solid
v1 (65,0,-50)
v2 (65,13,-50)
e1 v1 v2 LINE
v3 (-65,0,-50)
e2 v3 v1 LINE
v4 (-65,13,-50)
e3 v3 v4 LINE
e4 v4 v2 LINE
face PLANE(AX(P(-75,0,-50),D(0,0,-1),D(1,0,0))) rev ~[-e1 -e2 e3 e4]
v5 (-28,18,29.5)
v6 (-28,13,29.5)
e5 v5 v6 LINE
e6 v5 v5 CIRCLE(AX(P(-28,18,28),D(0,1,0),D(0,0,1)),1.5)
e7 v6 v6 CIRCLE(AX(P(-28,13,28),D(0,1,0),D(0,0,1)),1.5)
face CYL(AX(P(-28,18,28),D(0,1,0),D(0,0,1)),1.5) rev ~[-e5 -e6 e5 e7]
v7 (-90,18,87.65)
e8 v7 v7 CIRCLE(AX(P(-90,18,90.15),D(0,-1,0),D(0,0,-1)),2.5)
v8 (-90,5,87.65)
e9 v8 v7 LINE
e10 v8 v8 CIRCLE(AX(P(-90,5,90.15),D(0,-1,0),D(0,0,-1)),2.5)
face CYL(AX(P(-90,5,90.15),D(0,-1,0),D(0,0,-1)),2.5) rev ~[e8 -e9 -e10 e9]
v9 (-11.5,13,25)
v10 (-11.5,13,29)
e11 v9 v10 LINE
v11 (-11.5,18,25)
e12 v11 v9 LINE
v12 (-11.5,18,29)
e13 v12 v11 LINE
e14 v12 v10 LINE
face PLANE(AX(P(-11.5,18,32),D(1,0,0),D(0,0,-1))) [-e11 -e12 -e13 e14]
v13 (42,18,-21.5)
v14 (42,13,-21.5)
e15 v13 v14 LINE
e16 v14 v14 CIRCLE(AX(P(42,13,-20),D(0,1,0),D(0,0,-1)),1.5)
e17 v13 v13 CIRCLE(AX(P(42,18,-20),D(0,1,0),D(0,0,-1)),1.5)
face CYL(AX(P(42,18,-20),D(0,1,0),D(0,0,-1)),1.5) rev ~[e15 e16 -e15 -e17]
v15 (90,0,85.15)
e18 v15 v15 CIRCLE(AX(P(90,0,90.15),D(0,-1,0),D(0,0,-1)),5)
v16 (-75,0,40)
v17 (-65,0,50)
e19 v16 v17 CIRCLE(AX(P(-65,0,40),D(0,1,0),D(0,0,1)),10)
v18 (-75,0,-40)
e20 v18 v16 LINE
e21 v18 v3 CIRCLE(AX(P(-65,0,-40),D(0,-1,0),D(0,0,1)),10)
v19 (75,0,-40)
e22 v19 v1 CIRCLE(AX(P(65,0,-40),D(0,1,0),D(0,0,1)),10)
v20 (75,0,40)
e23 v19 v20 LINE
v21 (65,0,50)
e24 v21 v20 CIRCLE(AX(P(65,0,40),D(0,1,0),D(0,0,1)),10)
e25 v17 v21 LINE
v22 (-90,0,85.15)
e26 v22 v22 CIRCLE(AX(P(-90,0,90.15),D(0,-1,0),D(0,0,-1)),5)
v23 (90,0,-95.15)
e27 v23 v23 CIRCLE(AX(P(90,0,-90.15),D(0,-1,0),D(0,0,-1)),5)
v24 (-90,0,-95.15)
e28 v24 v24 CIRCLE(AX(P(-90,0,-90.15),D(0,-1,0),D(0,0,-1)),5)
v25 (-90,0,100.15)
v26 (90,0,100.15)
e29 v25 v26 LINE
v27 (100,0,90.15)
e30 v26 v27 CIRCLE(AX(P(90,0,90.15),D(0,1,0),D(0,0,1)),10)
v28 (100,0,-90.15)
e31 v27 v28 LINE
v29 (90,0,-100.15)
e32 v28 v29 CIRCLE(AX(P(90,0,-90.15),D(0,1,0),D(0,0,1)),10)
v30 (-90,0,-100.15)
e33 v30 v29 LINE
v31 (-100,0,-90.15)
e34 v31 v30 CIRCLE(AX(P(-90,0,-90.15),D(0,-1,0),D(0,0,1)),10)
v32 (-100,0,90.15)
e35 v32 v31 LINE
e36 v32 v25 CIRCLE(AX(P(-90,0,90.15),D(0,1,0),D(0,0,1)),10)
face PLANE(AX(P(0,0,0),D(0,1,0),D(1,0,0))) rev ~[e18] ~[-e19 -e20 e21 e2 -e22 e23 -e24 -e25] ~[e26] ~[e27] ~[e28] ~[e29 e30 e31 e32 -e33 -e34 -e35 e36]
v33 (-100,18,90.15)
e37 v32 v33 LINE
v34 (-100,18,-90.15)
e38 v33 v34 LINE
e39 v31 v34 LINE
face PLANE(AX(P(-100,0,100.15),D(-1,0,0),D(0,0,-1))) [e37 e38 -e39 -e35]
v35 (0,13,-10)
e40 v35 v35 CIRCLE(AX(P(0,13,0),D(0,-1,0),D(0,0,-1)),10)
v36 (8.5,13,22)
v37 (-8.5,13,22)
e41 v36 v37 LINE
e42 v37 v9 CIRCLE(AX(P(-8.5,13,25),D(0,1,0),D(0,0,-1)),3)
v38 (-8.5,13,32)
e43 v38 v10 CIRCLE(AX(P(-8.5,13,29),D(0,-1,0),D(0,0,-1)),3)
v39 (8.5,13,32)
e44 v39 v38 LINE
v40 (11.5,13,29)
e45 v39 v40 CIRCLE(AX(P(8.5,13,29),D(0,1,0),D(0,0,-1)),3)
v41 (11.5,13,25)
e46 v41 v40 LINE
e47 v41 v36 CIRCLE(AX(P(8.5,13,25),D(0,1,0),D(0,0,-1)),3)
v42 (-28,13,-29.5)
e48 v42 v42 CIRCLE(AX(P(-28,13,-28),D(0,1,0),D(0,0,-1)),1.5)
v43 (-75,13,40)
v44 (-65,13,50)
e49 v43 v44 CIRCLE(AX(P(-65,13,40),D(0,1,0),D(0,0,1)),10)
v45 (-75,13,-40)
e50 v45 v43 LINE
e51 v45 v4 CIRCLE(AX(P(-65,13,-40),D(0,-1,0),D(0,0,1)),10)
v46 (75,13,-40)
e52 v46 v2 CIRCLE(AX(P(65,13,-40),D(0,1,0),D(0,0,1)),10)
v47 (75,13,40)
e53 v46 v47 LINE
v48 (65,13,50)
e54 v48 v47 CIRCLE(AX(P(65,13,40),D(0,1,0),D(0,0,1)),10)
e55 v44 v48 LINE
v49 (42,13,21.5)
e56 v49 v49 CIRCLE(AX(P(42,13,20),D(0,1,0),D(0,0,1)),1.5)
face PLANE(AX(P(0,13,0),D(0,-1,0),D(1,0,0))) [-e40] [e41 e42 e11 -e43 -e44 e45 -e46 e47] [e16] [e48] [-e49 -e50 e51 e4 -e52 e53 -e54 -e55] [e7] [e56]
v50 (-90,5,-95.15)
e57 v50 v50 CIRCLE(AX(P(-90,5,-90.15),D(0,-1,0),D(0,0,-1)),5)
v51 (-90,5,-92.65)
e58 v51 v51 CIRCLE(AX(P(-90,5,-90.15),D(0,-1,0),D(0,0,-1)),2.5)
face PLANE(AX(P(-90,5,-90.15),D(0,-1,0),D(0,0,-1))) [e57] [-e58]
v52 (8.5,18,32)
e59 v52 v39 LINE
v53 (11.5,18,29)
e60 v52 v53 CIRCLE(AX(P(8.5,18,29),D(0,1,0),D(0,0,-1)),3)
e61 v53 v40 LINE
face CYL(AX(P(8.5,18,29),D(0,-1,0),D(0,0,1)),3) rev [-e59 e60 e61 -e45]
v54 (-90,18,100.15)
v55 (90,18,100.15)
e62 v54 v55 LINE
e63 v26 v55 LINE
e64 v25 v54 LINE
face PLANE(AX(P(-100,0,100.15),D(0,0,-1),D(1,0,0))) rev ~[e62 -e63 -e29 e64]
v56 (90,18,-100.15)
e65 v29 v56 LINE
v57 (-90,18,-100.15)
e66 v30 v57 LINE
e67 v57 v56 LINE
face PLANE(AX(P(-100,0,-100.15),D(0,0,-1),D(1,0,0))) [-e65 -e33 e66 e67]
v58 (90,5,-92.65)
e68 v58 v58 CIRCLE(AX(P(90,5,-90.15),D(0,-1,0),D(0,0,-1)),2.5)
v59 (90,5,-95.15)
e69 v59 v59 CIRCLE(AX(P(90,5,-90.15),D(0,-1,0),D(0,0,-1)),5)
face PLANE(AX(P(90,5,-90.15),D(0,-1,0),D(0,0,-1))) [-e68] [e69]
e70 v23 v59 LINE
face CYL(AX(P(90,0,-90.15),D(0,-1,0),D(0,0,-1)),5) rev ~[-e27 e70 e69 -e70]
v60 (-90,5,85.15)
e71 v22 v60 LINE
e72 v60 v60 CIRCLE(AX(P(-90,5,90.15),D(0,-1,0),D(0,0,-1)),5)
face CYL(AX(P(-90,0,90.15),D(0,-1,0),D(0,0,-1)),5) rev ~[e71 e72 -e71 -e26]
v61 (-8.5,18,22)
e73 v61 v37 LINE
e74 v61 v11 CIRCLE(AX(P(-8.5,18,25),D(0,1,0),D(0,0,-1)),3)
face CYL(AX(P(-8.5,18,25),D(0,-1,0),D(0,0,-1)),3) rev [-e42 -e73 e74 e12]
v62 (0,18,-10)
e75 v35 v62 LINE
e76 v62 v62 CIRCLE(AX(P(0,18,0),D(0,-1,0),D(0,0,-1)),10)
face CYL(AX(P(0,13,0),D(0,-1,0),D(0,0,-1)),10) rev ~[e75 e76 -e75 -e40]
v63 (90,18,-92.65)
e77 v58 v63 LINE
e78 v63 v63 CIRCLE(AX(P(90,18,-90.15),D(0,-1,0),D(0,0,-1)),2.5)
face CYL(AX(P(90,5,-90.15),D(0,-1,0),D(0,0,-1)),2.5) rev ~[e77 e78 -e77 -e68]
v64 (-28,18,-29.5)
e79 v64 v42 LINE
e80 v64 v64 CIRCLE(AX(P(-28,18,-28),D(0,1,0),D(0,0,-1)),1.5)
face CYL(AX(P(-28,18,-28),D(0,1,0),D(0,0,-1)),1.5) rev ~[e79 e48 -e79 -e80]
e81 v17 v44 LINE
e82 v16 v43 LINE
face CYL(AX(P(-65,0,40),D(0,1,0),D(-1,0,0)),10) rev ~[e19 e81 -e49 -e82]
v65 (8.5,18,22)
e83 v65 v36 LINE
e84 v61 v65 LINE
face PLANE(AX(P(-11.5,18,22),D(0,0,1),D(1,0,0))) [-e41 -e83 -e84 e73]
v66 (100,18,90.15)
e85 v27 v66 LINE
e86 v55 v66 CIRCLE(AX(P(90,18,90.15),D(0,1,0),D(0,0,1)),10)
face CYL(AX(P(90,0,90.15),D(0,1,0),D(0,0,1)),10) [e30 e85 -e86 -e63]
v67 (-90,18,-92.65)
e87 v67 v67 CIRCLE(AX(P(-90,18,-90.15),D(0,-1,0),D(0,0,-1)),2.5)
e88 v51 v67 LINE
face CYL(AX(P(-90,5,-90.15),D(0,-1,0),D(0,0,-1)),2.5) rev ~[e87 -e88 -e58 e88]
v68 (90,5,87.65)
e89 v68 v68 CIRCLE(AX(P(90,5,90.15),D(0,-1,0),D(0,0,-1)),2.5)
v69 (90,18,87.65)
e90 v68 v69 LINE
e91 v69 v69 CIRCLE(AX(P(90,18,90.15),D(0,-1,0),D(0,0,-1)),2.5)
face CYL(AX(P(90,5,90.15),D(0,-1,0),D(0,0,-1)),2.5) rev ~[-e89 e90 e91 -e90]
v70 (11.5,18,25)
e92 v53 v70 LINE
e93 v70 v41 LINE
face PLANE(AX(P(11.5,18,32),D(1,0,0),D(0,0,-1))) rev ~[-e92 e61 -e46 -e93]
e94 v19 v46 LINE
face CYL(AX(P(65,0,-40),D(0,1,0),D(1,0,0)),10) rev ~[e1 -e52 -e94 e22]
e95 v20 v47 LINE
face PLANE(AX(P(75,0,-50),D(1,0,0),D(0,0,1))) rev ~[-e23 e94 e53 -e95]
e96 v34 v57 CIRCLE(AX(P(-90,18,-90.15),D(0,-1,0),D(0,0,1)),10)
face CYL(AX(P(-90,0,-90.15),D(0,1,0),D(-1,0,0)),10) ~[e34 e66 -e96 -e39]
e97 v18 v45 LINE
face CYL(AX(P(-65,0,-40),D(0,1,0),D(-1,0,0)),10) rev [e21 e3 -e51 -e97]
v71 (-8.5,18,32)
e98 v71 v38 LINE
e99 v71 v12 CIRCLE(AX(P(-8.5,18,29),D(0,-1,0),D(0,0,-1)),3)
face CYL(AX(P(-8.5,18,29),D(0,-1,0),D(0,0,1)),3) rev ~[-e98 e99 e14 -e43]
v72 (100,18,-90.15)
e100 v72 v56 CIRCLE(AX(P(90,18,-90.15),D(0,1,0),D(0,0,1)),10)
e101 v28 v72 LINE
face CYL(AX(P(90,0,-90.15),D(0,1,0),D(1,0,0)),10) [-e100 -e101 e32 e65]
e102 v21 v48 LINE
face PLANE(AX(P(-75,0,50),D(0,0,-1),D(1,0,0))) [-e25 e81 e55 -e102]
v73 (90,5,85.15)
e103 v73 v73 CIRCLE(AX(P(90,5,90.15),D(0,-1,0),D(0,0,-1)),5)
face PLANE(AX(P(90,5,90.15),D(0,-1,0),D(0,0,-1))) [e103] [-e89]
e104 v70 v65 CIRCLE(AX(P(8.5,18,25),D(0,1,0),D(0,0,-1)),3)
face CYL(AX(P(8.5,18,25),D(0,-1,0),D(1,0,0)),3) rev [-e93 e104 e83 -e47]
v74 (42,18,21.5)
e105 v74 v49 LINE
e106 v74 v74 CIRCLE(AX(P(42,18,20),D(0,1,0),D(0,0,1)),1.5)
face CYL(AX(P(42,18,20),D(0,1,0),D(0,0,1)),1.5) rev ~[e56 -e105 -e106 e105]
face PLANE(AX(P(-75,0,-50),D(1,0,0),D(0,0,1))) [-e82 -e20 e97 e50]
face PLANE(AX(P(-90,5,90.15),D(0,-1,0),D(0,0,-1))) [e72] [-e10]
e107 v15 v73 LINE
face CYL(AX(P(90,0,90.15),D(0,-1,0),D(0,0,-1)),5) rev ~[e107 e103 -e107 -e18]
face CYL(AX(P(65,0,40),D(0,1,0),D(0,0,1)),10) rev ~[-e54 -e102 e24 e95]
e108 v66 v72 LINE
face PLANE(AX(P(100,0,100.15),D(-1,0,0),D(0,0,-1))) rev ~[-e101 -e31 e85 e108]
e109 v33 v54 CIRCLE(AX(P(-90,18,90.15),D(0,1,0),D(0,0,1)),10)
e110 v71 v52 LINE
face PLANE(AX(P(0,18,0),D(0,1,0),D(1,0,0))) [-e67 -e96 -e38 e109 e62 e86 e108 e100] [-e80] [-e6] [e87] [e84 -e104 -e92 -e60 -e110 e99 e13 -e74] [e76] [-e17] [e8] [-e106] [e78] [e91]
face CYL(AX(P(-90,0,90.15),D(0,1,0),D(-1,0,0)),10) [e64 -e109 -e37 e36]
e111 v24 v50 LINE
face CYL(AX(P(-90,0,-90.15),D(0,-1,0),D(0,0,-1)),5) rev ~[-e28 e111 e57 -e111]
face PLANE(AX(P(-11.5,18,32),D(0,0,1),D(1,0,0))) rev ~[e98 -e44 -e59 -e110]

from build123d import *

# Parameters (mm, degrees)
SKETCH1_W           = 200
SKETCH1_H           = 200.3
BOSS_EXTRUDE1_DEPTH = 18
FILLET1_R           = 10
SKETCH2_W           = 150
SKETCH2_H           = 100
CUT_EXTRUDE1_DEPTH  = 13
FILLET2_R           = 10
SKETCH3_R           = 5
CUT_EXTRUDE2_DEPTH  = 5
SKETCH4_R           = 2.5
CUT_EXTRUDE3_DEPTH  = 143.123265161
SKETCH5_R           = 10
CUT_EXTRUDE4_DEPTH  = 143.123265161
SKETCH6_R           = 1.5
SKETCH6_W           = 23
SKETCH6_H           = 10
CUT_EXTRUDE5_DEPTH  = 143.667524335
FILLET3_R           = 3


with BuildPart() as part:
    # Sketch1 → Boss-Extrude1 (new body)
    with BuildSketch(Plane(origin=(0, 0, 0), x_dir=(1, 0, 0), z_dir=(0, 1, 0))):
        Rectangle(SKETCH1_W, SKETCH1_H)
    extrude(amount=BOSS_EXTRUDE1_DEPTH)

    # Fillet1
    fillet1_edges = [part.edges().sort_by_distance(p)[0] for p in [
        (100, 9, 100.15),
        (-100, 9, 100.15),
        (-100, 9, -100.15),
        (100, 9, -100.15),
    ]]
    fillet(fillet1_edges, radius=FILLET1_R)

    # Sketch2 → Cut-Extrude1 (cut)
    with BuildSketch(Plane.XZ):
        Rectangle(SKETCH2_W, SKETCH2_H)
    extrude(amount=-CUT_EXTRUDE1_DEPTH, mode=Mode.SUBTRACT)

    # Fillet2
    fillet2_edges = [part.edges().sort_by_distance(p)[0] for p in [
        (75, 6.5, 50),
        (75, 6.5, -50),
        (-75, 6.5, -50),
        (-75, 6.5, 50),
    ]]
    fillet(fillet2_edges, radius=FILLET2_R)

    # Sketch3 → Cut-Extrude2 (cut)
    with BuildSketch(Plane.XZ):
        with Locations(Location((-90, 90.15, 0), (0, 0, 270))):
            Circle(SKETCH3_R)
        with Locations(Location((90, 90.15, 0), (0, 0, 270))):
            Circle(SKETCH3_R)
        with Locations(Location((90, -90.15, 0), (0, 0, 270))):
            Circle(SKETCH3_R)
        with Locations(Location((-90, -90.15, 0), (0, 0, 270))):
            Circle(SKETCH3_R)
    extrude(amount=-CUT_EXTRUDE2_DEPTH, mode=Mode.SUBTRACT)

    # Sketch4 → Cut-Extrude3 (cut, through all)
    with BuildSketch(Plane.XZ.offset(-5)):
        with Locations(Location((-90, 90.15, 0), (0, 0, 270))):
            Circle(SKETCH4_R)
        with Locations(Location((90, 90.15, 0), (0, 0, 270))):
            Circle(SKETCH4_R)
        with Locations(Location((90, -90.15, 0), (0, 0, 270))):
            Circle(SKETCH4_R)
        with Locations(Location((-90, -90.15, 0), (0, 0, 270))):
            Circle(SKETCH4_R)
    extrude(amount=-CUT_EXTRUDE3_DEPTH, mode=Mode.SUBTRACT)

    # Sketch5 → Cut-Extrude4 (cut, through all)
    with BuildSketch(Plane.XZ.offset(-13)):
        with Locations(Location((0, 0, 0), (0, 0, 270))):
            Circle(SKETCH5_R)
    extrude(amount=-CUT_EXTRUDE4_DEPTH, mode=Mode.SUBTRACT)

    # Sketch6 → Cut-Extrude5 (cut, through all)
    with BuildSketch(Plane(origin=(0, 18, 0), x_dir=(1, 0, 0), z_dir=(0, 1, 0))):
        with Locations(Location((-28, -28, 0), (0, 0, 270))):
            Circle(SKETCH6_R)
        with Locations(Location((42, -20, 0), (0, 0, 270))):
            Circle(SKETCH6_R)
        with Locations(Location((-28, 28, 0), (0, 0, 90))):
            Circle(SKETCH6_R)
        with Locations(Location((42, 20, 0), (0, 0, 90))):
            Circle(SKETCH6_R)
        with Locations((0, -27)):
            Rectangle(SKETCH6_W, SKETCH6_H)
    extrude(amount=-CUT_EXTRUDE5_DEPTH, mode=Mode.SUBTRACT)

    # Fillet3
    fillet3_edges = [part.edges().sort_by_distance(p)[0] for p in [
        (11.5, 15.5, 22),
        (11.5, 15.5, 32),
        (-11.5, 15.5, 32),
        (-11.5, 15.5, 22),
    ]]
    fillet(fillet3_edges, radius=FILLET3_R)


solid = part.part
